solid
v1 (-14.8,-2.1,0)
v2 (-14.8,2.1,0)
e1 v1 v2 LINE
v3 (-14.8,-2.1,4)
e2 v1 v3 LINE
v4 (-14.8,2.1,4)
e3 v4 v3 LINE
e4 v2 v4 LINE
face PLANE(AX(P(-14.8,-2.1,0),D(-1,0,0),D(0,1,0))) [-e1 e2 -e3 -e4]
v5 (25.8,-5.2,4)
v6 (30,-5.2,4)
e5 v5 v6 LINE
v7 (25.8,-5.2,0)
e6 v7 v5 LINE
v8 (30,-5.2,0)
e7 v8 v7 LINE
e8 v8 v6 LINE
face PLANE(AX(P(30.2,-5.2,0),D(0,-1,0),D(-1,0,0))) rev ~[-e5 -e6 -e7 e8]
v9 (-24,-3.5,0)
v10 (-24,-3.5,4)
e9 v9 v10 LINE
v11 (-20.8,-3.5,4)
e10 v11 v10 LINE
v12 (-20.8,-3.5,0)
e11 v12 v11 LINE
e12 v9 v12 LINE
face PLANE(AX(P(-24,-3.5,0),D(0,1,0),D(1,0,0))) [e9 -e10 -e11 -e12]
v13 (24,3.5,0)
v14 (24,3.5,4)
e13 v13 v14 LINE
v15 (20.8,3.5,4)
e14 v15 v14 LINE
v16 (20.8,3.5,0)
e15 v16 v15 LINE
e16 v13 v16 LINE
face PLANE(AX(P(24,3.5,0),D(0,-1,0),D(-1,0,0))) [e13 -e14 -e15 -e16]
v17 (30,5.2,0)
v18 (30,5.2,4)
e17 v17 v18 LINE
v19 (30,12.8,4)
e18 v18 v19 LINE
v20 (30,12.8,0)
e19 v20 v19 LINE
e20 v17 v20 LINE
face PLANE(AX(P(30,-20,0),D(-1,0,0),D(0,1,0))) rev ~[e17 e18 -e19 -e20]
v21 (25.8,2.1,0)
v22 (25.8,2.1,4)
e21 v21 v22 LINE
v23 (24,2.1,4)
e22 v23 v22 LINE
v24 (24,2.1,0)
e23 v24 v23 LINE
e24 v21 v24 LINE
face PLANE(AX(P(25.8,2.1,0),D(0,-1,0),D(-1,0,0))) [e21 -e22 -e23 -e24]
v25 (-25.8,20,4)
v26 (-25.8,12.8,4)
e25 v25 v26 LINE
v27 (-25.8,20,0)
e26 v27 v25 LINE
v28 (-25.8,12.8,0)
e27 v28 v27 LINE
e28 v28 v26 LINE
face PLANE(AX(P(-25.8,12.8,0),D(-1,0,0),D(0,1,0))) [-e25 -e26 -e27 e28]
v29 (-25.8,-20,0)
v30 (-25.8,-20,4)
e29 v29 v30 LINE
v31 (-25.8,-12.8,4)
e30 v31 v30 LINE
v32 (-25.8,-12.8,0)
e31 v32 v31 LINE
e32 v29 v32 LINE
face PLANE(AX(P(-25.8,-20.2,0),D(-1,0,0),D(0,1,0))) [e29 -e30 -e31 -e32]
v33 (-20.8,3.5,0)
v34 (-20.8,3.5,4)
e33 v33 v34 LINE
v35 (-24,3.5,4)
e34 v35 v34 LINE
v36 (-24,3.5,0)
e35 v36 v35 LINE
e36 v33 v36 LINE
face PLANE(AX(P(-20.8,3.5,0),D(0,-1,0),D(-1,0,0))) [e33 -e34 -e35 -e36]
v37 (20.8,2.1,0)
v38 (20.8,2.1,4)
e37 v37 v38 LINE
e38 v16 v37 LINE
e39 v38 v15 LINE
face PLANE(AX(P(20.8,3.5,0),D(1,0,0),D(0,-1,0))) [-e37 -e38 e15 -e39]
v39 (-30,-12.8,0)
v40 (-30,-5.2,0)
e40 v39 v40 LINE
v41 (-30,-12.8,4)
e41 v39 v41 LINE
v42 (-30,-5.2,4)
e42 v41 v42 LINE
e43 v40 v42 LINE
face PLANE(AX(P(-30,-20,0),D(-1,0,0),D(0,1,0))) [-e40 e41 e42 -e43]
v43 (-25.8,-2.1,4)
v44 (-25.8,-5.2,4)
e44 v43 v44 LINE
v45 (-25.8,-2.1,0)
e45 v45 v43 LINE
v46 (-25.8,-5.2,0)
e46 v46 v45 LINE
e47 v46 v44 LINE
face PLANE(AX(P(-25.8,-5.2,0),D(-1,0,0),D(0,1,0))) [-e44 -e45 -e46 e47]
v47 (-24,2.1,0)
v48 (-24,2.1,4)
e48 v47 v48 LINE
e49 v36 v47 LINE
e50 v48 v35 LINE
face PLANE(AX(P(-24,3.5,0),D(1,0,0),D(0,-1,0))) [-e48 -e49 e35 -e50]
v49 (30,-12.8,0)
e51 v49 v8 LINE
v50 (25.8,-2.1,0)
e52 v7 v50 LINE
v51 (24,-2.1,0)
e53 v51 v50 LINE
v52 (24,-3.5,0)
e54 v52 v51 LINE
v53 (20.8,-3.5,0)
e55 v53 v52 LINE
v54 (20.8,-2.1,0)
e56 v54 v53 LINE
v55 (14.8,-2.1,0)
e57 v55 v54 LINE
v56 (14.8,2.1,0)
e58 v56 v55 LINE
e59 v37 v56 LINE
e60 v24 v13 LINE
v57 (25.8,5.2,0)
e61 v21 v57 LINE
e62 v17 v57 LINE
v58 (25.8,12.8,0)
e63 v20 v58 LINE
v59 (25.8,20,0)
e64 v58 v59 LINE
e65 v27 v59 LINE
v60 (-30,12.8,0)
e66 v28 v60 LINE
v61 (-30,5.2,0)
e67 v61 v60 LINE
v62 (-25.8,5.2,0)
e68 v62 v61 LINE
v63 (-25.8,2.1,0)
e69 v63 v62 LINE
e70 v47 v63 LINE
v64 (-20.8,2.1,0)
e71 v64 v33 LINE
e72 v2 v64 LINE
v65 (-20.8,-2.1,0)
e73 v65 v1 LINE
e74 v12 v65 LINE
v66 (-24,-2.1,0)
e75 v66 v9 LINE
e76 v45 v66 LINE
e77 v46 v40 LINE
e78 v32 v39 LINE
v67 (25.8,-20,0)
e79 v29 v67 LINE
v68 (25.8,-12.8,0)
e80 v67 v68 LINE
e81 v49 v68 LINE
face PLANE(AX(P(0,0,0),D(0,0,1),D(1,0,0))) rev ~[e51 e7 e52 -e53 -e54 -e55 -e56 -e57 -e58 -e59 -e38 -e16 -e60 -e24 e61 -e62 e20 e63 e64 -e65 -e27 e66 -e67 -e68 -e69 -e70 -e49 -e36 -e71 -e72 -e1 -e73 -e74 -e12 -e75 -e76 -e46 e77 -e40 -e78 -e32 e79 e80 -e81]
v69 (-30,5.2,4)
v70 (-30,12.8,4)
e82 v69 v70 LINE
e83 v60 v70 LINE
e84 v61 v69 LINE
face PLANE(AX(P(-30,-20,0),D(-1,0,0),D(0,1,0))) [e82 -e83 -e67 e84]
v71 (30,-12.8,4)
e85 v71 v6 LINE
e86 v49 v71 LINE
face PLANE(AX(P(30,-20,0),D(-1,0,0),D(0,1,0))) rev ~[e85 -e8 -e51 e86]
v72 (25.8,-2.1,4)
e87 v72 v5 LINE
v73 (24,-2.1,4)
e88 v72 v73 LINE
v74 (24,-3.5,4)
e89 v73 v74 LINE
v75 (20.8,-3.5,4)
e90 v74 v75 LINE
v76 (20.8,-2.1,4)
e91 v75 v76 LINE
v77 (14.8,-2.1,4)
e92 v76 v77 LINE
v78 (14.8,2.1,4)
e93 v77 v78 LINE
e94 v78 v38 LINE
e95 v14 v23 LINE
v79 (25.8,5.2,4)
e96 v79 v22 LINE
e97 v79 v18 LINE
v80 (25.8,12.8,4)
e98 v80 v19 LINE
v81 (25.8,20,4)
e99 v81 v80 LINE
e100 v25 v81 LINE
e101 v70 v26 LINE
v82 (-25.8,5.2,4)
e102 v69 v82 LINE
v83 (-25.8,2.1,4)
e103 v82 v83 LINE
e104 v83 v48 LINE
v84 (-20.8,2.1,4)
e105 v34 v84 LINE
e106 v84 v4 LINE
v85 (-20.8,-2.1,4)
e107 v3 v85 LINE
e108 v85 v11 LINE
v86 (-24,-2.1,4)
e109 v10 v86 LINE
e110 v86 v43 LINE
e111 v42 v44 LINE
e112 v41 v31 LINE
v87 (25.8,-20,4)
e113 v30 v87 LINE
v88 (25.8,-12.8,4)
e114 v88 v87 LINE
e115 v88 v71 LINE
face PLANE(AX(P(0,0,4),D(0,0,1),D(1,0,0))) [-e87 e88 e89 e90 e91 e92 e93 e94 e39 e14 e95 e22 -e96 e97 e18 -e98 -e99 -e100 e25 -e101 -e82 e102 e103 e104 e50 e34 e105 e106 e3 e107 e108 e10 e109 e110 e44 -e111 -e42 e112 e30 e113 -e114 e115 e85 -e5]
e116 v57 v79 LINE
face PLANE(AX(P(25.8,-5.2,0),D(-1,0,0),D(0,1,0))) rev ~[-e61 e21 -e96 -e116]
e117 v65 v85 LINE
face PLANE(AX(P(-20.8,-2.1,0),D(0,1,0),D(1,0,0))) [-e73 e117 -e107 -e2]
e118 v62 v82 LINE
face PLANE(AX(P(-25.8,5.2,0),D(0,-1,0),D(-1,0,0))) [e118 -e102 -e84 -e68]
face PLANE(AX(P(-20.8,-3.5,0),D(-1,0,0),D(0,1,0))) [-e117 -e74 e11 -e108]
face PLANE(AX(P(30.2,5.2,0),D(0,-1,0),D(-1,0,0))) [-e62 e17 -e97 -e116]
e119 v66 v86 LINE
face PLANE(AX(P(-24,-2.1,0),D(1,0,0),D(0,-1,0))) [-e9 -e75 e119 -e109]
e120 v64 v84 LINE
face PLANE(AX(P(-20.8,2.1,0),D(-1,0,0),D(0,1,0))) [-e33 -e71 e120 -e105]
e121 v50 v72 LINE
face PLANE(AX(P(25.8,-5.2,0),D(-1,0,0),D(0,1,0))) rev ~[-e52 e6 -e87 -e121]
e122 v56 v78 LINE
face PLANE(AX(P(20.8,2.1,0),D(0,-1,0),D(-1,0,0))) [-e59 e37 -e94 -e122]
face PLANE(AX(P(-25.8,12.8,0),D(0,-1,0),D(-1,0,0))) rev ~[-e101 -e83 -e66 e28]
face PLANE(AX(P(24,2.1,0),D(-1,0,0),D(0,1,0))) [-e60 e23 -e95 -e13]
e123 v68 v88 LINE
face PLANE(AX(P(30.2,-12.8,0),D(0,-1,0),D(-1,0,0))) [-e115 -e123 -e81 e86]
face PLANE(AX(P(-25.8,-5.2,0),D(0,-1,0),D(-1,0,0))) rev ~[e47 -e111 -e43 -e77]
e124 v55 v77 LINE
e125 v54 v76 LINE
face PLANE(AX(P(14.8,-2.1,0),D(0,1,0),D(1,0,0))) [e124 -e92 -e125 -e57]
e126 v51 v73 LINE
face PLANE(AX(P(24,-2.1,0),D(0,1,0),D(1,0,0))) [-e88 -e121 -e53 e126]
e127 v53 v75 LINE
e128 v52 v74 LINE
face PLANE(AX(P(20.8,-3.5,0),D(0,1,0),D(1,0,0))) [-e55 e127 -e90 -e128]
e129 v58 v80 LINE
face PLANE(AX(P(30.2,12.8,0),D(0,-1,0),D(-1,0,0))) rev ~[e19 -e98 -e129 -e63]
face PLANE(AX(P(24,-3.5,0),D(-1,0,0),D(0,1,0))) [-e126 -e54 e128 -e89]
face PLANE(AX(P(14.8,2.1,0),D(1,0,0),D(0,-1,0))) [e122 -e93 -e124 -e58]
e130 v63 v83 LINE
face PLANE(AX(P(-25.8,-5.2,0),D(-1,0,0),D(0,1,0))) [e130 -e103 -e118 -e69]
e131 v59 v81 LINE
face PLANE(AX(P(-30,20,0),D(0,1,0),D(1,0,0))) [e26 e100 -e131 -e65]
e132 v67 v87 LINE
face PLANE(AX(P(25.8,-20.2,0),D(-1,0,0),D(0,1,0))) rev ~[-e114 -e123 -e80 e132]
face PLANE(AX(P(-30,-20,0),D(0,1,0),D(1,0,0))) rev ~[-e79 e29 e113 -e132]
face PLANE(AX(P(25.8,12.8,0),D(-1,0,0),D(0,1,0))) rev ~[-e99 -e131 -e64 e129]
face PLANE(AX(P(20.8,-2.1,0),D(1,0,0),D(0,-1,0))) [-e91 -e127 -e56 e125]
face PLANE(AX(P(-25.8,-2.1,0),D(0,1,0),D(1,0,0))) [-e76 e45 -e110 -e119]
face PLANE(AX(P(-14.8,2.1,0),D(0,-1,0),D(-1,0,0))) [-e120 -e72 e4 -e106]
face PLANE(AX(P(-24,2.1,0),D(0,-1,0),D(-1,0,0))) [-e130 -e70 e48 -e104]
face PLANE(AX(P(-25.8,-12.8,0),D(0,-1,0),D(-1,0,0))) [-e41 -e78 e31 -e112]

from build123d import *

# Parameters (mm, degrees)
ESQUISSE1_W             = 60
ESQUISSE1_H             = 40
BOSS_EXTRU_1_DEPTH      = 4
ESQUISSE2_W             = 4.4
ESQUISSE2_H             = 7.4
ESQUISSE2_H_2           = 10.4
ENL_V_MAT_EXTRU_1_DEPTH = 37.276714294
ENL_V_MAT_EXTRU_2_DEPTH = 37.276714294


with BuildPart() as part:
    # Esquisse1 → Boss.-Extru.1 (new body)
    with BuildSketch(Plane.XY):
        Rectangle(ESQUISSE1_W, ESQUISSE1_H)
    extrude(amount=BOSS_EXTRU_1_DEPTH)

    # Esquisse2 → Enlèv. mat.-Extru.1 (cut, through all)
    with BuildSketch(Plane(origin=(0, 0, 0), x_dir=(-1, 0, 0), z_dir=(0, 0, -1))):
        with Locations((-28, -16.5)):
            Rectangle(ESQUISSE2_W, ESQUISSE2_H)
        with Locations((-28, 16.5)):
            Rectangle(ESQUISSE2_W, ESQUISSE2_H)
        with Locations((-28, 0)):
            Rectangle(ESQUISSE2_W, ESQUISSE2_H_2)
        with Locations((28, 0)):
            Rectangle(ESQUISSE2_W, ESQUISSE2_H_2)
        with Locations((28, 16.5)):
            Rectangle(ESQUISSE2_W, ESQUISSE2_H)
        with Locations((28, -16.5)):
            Rectangle(ESQUISSE2_W, ESQUISSE2_H)
    extrude(amount=-ENL_V_MAT_EXTRU_1_DEPTH, mode=Mode.SUBTRACT)

    # Esquisse3 → Enlèv. mat.-Extru.2 (cut, through all)
    with BuildSketch(Plane(origin=(0, 0, 0), x_dir=(-1, 0, 0), z_dir=(0, 0, -1))):
        Polygon((-25.8, -2.1), (-25.8, 2.1), (-24, 2.1), (-24, 3.5), (-20.8, 3.5), (-20.8, 2.1), (-14.8, 2.1), (-14.8, -2.1), (-20.8, -2.1), (-20.8, -3.5), (-24, -3.5), (-24, -2.1), align=None)
        Polygon((25.8, -2.1), (24, -2.1), (24, -3.5), (20.8, -3.5), (20.8, -2.1), (14.8, -2.1), (14.8, 2.1), (20.8, 2.1), (20.8, 3.5), (24, 3.5), (24, 2.1), (25.8, 2.1), align=None)
    extrude(amount=-ENL_V_MAT_EXTRU_2_DEPTH, mode=Mode.SUBTRACT)


solid = part.part
